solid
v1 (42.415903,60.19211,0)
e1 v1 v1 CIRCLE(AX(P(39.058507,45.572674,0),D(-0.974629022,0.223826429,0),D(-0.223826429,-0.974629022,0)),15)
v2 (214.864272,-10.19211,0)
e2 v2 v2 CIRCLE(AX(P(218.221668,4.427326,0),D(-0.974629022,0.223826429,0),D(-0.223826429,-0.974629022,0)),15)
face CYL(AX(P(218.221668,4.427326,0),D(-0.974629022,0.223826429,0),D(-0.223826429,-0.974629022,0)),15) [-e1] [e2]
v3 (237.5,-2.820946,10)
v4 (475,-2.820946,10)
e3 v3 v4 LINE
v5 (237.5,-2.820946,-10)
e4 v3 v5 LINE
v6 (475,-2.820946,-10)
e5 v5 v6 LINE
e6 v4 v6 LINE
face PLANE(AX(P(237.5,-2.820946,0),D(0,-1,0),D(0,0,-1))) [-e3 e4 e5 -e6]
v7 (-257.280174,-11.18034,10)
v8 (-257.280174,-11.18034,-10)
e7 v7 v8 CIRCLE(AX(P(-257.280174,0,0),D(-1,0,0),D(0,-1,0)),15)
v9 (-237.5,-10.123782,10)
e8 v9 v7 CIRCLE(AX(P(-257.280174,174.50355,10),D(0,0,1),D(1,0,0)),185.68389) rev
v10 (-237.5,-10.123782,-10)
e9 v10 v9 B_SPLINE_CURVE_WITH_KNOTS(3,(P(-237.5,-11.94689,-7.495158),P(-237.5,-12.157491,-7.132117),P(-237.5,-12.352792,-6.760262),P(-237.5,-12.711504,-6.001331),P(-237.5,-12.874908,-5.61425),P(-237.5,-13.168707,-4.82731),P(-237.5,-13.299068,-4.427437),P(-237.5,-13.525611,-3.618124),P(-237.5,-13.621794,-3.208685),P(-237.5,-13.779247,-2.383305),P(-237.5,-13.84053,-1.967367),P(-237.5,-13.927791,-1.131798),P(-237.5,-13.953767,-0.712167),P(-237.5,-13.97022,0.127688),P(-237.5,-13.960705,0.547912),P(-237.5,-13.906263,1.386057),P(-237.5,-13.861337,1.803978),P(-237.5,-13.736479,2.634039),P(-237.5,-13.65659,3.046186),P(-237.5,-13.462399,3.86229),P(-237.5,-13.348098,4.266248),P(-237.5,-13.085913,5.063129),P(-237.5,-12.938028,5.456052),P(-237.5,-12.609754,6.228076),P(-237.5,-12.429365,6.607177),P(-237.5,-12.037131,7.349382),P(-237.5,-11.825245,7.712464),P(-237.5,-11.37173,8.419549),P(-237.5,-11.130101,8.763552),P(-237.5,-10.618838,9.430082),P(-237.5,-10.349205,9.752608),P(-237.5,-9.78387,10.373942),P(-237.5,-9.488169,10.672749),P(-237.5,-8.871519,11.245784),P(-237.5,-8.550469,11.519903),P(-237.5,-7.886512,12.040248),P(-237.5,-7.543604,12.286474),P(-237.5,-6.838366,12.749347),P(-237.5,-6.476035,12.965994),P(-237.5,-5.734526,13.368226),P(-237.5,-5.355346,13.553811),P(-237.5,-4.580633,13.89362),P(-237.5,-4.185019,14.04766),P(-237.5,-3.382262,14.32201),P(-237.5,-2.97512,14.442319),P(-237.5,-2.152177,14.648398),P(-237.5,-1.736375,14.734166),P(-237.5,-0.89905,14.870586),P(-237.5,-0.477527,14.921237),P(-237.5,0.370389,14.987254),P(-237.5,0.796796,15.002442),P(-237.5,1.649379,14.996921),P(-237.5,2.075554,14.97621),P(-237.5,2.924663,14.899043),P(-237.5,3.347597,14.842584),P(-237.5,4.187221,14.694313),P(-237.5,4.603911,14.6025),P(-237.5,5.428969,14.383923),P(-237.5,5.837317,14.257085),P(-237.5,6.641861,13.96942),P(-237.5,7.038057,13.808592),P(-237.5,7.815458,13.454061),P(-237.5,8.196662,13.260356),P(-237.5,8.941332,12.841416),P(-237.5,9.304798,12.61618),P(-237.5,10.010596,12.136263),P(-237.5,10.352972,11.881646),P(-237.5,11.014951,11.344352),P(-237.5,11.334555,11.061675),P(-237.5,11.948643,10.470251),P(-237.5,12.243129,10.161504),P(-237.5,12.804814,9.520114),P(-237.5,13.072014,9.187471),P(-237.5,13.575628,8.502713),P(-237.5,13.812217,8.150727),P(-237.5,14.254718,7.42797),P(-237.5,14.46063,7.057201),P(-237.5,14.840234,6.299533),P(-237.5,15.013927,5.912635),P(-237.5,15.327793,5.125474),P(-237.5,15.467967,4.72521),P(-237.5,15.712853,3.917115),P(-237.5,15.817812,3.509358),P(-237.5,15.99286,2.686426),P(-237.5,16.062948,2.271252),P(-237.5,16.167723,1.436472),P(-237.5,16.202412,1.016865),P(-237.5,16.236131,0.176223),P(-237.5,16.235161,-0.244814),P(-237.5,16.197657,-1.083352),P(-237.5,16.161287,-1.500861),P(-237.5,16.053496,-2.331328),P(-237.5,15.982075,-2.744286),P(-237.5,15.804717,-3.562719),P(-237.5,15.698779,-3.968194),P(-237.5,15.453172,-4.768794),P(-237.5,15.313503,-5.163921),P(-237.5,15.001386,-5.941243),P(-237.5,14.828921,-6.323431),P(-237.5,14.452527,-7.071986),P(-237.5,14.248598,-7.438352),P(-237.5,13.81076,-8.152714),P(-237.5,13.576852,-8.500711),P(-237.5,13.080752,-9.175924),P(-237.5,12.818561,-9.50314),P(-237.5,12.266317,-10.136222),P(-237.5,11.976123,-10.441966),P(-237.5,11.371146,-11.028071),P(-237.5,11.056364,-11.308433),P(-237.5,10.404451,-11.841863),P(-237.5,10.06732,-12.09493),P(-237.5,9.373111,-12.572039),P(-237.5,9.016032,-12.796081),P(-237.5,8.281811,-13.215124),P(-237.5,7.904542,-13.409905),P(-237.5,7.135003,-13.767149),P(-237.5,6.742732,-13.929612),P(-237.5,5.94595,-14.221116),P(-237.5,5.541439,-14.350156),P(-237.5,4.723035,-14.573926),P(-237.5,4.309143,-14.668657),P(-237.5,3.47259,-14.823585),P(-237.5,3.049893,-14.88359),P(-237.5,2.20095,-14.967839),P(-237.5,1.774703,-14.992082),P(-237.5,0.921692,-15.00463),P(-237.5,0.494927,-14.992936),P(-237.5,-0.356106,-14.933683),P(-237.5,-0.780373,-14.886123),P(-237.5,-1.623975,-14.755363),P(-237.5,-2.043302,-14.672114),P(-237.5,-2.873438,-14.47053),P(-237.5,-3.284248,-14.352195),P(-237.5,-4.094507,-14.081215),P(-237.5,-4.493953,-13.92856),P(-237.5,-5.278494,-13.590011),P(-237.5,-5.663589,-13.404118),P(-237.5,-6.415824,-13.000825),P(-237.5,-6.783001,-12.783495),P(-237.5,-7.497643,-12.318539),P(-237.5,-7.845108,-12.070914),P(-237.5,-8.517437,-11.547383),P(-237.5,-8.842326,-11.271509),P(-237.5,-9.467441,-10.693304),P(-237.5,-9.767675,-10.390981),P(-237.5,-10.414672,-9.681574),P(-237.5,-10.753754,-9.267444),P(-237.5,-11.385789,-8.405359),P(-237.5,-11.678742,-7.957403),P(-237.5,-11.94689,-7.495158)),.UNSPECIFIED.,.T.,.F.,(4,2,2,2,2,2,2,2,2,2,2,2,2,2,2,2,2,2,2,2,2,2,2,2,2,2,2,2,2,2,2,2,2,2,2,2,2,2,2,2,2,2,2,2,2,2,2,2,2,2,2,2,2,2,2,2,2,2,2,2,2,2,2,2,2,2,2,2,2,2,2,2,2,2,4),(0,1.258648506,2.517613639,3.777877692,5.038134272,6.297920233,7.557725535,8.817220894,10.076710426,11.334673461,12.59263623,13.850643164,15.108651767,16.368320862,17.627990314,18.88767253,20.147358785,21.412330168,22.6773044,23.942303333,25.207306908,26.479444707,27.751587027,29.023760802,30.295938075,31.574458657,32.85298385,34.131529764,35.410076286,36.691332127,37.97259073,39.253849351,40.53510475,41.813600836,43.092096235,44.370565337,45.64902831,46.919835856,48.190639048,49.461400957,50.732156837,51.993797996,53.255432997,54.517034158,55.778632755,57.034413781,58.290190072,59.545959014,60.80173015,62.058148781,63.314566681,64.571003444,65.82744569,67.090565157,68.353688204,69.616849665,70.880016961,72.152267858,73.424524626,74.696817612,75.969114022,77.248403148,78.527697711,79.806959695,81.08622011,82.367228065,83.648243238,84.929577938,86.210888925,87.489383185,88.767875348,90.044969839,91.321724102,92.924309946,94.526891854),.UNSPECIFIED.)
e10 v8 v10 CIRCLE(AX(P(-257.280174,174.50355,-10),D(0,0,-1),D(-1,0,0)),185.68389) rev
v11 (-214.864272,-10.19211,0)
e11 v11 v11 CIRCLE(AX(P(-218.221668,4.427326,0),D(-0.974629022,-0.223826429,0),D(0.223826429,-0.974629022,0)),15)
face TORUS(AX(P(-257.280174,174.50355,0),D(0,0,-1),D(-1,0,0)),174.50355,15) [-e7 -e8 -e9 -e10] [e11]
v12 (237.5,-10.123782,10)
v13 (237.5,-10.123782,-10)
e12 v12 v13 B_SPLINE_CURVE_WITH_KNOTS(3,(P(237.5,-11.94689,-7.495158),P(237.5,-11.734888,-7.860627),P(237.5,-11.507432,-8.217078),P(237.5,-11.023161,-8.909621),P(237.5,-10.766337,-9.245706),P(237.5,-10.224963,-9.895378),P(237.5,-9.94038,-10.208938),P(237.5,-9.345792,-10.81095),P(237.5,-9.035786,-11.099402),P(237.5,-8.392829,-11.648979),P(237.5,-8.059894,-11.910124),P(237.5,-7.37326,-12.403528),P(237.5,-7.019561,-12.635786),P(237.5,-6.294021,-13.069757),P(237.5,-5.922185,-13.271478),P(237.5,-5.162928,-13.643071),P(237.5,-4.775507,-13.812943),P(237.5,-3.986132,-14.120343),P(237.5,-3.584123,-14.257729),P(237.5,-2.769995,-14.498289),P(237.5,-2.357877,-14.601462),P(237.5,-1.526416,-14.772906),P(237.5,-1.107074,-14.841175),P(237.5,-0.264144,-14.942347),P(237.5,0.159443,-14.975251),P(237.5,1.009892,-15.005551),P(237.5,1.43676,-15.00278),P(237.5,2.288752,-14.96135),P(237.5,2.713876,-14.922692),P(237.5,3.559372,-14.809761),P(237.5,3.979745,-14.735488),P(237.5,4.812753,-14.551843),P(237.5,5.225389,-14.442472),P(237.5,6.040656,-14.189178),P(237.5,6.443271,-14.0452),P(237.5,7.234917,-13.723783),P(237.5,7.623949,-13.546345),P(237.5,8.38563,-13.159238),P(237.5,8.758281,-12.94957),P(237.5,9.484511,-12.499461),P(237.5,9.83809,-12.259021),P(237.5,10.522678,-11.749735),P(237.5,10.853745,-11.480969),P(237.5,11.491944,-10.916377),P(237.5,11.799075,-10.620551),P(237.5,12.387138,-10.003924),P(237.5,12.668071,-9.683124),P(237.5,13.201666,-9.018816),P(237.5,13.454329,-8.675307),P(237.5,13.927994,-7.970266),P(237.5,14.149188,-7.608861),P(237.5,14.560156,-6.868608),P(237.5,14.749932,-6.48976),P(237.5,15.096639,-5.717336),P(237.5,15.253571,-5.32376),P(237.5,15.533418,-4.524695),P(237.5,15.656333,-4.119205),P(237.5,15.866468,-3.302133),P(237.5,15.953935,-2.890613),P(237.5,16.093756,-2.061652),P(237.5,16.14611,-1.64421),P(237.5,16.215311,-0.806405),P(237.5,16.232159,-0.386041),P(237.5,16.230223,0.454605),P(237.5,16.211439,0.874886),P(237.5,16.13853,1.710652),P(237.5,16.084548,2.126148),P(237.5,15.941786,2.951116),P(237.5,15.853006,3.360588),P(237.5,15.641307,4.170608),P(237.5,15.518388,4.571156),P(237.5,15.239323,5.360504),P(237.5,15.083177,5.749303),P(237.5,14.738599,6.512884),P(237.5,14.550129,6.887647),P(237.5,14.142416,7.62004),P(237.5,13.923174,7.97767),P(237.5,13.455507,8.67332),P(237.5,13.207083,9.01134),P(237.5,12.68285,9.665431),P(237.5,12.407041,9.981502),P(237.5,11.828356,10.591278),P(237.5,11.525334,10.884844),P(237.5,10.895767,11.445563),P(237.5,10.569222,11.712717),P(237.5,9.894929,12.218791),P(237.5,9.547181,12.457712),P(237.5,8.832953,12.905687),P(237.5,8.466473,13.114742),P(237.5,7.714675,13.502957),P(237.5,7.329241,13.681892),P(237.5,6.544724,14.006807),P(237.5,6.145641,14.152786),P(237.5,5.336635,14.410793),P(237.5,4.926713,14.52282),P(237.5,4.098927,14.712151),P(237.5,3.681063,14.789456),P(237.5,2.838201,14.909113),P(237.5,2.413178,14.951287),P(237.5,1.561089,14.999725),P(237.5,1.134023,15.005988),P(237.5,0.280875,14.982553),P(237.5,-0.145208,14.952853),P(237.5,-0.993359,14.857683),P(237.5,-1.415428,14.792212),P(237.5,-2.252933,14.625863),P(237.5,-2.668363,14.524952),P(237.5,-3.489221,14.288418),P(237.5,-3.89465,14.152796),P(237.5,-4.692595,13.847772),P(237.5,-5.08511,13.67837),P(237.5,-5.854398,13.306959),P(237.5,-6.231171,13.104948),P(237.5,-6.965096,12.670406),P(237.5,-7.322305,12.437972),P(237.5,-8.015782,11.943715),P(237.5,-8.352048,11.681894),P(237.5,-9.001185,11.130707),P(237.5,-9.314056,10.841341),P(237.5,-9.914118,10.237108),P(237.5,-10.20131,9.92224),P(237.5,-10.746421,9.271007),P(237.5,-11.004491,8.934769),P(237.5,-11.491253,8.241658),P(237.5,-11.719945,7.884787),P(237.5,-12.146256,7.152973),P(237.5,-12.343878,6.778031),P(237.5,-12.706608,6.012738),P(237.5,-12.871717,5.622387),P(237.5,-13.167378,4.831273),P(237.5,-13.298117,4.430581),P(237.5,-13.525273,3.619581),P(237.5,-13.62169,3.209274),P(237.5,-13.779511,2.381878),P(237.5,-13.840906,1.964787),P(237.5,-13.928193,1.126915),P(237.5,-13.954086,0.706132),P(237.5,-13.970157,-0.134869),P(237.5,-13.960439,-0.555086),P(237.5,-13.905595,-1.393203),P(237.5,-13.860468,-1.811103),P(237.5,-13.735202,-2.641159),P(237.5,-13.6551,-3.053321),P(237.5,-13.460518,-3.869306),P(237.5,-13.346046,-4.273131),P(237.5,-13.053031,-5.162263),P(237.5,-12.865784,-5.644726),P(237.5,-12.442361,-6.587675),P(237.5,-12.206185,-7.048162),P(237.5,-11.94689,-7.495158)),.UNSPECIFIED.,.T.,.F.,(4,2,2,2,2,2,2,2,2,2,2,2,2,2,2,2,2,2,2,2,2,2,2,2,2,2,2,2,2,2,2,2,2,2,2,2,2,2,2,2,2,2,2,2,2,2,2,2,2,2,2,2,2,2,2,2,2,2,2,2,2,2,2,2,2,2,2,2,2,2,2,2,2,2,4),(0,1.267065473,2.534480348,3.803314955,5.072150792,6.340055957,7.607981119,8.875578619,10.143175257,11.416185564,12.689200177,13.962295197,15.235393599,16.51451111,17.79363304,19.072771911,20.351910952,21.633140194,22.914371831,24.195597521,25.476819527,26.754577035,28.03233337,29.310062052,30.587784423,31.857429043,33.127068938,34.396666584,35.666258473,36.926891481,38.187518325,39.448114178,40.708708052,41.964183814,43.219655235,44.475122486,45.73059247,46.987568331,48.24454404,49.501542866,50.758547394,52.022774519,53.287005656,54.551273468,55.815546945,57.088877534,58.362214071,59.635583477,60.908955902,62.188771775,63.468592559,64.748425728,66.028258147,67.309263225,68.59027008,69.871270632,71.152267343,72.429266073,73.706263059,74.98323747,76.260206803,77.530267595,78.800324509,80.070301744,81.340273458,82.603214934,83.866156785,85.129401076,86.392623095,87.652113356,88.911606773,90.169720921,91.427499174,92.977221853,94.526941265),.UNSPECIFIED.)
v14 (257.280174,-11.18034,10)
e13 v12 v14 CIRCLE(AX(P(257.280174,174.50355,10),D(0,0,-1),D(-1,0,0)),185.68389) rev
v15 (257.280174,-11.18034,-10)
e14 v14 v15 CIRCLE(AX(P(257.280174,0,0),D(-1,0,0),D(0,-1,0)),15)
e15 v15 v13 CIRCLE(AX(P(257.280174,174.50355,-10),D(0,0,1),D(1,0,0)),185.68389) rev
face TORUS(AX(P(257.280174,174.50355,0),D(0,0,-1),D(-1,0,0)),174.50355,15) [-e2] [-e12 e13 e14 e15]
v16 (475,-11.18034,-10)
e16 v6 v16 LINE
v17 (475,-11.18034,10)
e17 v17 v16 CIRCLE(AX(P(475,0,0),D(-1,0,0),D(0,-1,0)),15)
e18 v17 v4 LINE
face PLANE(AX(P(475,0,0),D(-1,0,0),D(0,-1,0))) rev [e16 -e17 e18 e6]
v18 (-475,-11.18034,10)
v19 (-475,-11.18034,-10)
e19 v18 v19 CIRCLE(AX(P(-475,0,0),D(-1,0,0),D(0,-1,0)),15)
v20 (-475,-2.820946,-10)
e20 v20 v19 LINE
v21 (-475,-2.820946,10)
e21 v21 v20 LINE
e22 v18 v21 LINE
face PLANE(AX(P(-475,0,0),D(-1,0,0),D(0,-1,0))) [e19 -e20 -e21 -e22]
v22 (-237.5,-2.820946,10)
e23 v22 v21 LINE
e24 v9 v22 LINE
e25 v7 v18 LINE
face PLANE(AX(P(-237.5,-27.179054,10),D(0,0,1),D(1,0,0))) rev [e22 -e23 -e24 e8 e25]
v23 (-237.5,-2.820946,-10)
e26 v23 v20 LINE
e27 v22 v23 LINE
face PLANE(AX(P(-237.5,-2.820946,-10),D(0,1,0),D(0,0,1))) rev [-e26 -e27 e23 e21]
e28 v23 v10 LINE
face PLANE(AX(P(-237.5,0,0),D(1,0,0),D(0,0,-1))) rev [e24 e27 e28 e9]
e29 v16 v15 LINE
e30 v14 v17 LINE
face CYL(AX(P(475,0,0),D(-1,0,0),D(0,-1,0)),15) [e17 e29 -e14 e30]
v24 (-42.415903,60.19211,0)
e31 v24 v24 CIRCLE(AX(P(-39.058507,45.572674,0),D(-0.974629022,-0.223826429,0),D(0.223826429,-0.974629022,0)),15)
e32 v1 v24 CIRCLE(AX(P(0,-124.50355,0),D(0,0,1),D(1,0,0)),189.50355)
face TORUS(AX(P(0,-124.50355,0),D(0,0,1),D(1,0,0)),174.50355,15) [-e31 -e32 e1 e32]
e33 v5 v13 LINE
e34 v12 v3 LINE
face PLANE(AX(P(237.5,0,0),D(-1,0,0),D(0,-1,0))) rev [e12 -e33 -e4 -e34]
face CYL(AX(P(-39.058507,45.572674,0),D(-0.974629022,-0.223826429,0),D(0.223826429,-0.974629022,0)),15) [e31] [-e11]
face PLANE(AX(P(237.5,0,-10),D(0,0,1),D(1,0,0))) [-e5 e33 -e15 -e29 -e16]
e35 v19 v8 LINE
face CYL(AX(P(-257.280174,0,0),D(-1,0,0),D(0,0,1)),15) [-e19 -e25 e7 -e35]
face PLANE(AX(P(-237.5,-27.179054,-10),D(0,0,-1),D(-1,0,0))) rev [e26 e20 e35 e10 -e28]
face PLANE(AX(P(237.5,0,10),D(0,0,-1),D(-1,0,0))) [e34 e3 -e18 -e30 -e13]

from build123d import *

# Parameters (mm, degrees)
SWEEP1_PROFILE_R   = 15
SKETCH26_W         = 20
SKETCH26_H         = 24.358108154
CUT_EXTRUDE2_DEPTH = 237.5
CUT_EXTRUDE3_START = -950
SKETCH26_2_W       = 20
SKETCH26_2_H       = 24.358108154
CUT_EXTRUDE3_DEPTH = 237.5


with BuildPart() as part:
    # Sweep1: sweep along a path in Sketch1
    with BuildLine(Plane.XY) as sweep1_path:
        Line((-475, 0), (-257.280174441, 0))
        ThreePointArc((-257.280174441, 0), (-237.625861021, 1.110364069), (-218.221667938, 4.42732581))
        Line((-218.221667938, 4.42732581), (-39.058506504, 45.57267419))
        ThreePointArc((-39.058506504, 45.57267419), (0, 50), (39.058506504, 45.57267419))
        Line((39.058506504, 45.57267419), (218.221667938, 4.42732581))
        ThreePointArc((218.221667938, 4.42732581), (237.625861021, 1.110364069), (257.280174441, 0))
        Line((257.280174441, 0), (475, 0))
    # Sweep1 profile (on start of the path) → Sweep1 (sweep)
    with BuildSketch(Plane(origin=(-475, 0, 0), x_dir=(0, 0, 1), z_dir=(1, 0, 0))):
        Circle(SWEEP1_PROFILE_R)
    sweep(path=sweep1_path.line)

    # Sketch26 → Cut-Extrude2 (cut)
    with BuildSketch(Plane.ZY.offset(475)):
        with Locations((0, -15)):
            Rectangle(SKETCH26_W, SKETCH26_H)
    extrude(amount=-CUT_EXTRUDE2_DEPTH, mode=Mode.SUBTRACT)

    # Sketch26<2> → Cut-Extrude3 (cut)
    with BuildSketch(Plane.ZY.offset(475).offset(CUT_EXTRUDE3_START)):
        with Locations((0, -15)):
            Rectangle(SKETCH26_2_W, SKETCH26_2_H)
    extrude(amount=CUT_EXTRUDE3_DEPTH, mode=Mode.SUBTRACT)


solid = part.part
